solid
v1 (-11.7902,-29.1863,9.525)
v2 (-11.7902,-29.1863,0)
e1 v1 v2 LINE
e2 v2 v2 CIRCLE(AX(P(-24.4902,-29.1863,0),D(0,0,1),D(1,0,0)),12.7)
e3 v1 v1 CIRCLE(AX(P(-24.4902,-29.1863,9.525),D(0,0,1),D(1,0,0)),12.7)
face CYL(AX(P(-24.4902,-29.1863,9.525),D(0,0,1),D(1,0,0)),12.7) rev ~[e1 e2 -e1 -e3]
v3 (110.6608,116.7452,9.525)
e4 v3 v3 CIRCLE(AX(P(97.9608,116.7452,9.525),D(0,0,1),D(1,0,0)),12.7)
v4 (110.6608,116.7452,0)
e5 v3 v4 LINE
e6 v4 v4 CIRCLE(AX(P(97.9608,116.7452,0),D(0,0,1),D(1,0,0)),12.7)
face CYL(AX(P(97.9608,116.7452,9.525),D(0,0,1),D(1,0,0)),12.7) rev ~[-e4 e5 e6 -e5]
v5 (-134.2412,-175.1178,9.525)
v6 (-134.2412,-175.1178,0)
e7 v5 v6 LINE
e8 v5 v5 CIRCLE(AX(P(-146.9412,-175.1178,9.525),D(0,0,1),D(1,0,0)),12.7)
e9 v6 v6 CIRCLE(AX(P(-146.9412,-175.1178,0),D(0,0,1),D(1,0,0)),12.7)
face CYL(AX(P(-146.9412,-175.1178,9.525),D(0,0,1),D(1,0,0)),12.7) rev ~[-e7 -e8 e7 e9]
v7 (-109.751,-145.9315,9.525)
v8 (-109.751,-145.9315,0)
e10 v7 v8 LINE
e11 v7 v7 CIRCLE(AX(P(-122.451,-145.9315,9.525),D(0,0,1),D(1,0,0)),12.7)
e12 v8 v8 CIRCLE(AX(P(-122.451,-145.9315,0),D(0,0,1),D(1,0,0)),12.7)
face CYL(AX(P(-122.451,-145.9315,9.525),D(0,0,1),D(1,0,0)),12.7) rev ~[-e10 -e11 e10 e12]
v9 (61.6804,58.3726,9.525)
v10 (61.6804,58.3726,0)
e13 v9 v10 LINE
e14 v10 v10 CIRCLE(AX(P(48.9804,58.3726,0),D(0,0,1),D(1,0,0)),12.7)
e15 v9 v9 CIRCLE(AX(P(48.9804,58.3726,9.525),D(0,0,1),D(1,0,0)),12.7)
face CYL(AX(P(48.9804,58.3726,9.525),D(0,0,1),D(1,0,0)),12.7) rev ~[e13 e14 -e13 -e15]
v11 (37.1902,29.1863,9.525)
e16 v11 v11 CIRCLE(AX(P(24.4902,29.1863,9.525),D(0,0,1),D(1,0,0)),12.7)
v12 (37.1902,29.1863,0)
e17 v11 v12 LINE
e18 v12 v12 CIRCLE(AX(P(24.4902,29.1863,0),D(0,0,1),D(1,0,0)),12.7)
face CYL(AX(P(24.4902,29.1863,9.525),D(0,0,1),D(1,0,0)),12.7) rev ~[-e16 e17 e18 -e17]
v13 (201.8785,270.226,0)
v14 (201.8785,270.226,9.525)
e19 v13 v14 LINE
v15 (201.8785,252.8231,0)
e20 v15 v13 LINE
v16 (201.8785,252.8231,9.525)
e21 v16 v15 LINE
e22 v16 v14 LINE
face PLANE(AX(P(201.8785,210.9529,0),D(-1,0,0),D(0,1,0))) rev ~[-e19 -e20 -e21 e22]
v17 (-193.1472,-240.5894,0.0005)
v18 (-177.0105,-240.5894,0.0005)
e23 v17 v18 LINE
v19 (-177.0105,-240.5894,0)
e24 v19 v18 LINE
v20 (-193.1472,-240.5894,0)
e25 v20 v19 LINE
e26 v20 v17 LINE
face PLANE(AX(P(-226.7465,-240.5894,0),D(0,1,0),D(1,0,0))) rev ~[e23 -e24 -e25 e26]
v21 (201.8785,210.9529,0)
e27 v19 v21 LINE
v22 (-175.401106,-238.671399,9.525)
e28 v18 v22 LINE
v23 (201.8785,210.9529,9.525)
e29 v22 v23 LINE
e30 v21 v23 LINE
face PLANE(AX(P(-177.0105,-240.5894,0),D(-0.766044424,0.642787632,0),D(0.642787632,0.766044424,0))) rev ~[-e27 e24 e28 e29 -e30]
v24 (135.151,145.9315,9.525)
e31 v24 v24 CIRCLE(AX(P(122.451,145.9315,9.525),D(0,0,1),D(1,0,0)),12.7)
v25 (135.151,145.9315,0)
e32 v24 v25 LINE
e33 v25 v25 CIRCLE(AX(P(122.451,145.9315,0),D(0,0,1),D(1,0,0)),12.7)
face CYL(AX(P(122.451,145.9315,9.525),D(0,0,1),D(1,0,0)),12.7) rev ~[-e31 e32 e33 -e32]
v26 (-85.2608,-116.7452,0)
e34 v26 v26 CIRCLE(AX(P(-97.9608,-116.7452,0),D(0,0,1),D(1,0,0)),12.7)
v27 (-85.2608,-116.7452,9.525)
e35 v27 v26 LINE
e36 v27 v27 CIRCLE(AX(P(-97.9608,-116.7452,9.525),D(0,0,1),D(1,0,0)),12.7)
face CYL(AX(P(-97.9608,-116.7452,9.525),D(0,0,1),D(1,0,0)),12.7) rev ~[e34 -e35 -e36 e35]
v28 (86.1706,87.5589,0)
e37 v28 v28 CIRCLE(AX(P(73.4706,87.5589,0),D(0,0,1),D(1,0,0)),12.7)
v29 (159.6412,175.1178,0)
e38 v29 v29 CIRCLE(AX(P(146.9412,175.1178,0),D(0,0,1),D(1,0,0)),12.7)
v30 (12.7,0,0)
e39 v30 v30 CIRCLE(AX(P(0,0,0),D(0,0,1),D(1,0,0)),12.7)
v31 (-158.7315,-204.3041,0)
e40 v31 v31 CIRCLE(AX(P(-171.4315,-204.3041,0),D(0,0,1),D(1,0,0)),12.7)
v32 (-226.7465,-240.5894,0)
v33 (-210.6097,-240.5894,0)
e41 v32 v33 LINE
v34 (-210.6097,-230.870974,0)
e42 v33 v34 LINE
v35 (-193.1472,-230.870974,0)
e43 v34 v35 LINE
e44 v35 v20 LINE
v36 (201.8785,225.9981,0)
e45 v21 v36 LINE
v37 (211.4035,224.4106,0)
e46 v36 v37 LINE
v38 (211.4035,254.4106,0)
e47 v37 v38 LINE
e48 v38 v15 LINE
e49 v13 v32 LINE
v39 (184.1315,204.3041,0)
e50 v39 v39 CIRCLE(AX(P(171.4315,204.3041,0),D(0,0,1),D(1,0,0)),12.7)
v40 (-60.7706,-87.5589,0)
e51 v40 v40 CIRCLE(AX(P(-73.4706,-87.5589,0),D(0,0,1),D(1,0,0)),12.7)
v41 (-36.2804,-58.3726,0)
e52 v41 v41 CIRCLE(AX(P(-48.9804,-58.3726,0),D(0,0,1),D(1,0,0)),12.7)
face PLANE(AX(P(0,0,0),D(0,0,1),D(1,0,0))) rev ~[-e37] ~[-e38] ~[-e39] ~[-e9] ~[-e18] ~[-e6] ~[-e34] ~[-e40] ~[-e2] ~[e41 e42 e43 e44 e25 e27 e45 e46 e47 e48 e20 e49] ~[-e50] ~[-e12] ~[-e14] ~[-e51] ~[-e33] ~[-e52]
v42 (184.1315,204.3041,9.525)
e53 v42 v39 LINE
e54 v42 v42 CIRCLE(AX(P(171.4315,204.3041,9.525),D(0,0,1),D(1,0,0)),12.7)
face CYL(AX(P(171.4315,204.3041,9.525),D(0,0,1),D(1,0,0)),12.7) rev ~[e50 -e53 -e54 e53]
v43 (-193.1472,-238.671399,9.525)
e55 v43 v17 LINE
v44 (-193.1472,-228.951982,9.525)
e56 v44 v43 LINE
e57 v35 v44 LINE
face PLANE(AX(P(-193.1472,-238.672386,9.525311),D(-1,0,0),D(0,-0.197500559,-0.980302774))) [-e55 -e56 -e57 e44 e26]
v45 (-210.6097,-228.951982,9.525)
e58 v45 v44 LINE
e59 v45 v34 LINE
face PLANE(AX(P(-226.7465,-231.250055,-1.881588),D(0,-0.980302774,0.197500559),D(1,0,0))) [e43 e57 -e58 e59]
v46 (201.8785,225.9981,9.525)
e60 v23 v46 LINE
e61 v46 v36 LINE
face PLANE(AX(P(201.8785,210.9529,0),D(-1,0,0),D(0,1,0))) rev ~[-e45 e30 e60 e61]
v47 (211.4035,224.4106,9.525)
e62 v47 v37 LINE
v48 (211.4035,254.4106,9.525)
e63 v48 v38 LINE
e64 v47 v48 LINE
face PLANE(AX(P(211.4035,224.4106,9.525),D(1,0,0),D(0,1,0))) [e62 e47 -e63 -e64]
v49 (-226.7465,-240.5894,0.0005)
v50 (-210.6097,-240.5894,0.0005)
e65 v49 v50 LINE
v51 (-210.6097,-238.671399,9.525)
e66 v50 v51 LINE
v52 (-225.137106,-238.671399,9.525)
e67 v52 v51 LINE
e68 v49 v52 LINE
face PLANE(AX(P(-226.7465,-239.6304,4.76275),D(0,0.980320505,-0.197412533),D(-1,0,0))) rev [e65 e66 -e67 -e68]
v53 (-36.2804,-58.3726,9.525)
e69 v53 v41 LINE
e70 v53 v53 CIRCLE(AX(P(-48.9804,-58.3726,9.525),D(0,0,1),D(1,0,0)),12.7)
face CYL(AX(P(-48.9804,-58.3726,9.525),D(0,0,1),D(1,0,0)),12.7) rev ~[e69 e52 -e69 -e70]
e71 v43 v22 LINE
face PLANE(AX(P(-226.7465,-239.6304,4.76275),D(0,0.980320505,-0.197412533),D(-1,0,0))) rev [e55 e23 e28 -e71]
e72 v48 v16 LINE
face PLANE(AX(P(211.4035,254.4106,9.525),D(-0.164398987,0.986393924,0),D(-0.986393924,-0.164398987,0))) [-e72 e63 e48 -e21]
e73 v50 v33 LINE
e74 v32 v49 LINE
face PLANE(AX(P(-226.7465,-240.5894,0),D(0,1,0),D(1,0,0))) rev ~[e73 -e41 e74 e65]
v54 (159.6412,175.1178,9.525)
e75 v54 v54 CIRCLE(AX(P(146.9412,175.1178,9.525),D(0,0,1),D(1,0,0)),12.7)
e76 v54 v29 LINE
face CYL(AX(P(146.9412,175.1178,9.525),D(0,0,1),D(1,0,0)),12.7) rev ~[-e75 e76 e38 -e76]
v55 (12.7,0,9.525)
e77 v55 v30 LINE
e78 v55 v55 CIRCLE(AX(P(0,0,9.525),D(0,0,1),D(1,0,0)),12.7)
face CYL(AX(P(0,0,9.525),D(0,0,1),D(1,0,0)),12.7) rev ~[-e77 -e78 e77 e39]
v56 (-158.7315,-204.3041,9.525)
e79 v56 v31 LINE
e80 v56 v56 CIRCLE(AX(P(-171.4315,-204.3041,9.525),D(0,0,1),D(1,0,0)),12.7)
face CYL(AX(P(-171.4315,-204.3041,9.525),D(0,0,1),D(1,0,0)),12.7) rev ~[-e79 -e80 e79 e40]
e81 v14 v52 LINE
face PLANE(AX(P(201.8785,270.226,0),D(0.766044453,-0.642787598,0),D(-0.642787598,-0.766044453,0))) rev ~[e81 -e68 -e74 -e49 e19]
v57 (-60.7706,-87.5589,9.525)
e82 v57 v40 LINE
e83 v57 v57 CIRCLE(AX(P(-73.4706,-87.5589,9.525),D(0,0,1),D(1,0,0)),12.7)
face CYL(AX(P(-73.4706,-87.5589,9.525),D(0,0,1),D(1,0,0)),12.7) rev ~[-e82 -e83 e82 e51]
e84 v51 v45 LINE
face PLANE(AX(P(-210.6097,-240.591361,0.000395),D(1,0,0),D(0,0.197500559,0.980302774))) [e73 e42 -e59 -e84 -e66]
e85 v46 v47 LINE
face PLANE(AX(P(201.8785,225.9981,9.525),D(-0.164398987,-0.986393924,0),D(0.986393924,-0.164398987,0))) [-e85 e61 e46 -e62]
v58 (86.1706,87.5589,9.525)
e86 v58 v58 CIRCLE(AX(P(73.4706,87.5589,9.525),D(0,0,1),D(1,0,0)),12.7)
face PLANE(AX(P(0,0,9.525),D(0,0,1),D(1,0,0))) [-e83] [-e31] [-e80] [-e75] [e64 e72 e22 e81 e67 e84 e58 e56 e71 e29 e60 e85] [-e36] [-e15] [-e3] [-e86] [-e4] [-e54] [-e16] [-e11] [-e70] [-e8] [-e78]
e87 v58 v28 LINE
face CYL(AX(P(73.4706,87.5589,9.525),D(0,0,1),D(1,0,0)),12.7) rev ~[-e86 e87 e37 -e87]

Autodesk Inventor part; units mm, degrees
ref_plane "YZ Plane" through (0, 0, 0) normal (1, 0, 0) x (0, 1, 0)
ref_plane "XZ Plane" through (0, 0, 0) normal (0, 1, 0) x (-1, 0, 0)
ref_plane "XY Plane" through (0, 0, 0) normal (0, 0, 1) x (1, 0, 0)
sketch "Sketch1" plane through (0, 0, 0) normal (0, 0, 1) x (1, 0, 0)
  line L0 (201.8785, 270.226) -> (-226.7465, -240.5894)
  line L1 (-226.7465, -240.5894) -> (-177.0105, -240.5894)
  line L2 (-177.0105, -240.5894) -> (201.8785, 210.9529)
  line L3 (201.8785, 210.9529) -> (201.8785, 270.226)
  line L4 (-12.434, 14.8183) -> (12.434, -14.8183) construction
  point P0 (0, 0)
  point P1 (0, 0)
  dimension "d0" = 50
  dimension "d1" = 38.1
  dimension "d2" = 428.625
extrude "Extrusion1" add sketch "Sketch1" along normal blind 9.525
sketch "Sketch2" plane through (0, 0, 9.525) normal (0, 0, 1) x (1, 0, 0)
  line L0 (201.8785, 210.9529) -> (201.8785, 270.226) projected
  line L1 (201.8785, 225.9981) -> (211.4035, 224.4106)
  line L2 (211.4035, 224.4106) -> (211.4035, 254.4106)
  line L3 (211.4035, 254.4106) -> (201.8785, 252.8231)
  line L4 (-226.7465, -240.5894) -> (-177.0105, -240.5894) projected
  point P0 (0, 0)
  point P1 (211.4035, 239.4106)
  dimension "d5" = 480
  dimension "d6" = 9.525
  dimension "d8" = 1.5875
  dimension "d9" = 30
extrude "Extrusion2" add sketch "Sketch2" against normal up to surface (9.525 mm away)
sketch "Sketch3" plane through (0, 0, 9.525) normal (0, 0, 1) x (1, 0, 0)
  circle A0 centre (0, 0) radius 12.7
  line L0 (201.8785, 270.226) -> (-226.7465, -240.5894) projected
  circle A1 centre (-24.4902, -29.1863) radius 12.7
  circle A2 centre (-48.9804, -58.3726) radius 12.7
  circle A3 centre (-73.4706, -87.5589) radius 12.7
  circle A4 centre (-97.9608, -116.7452) radius 12.7
  circle A5 centre (-122.451, -145.9315) radius 12.7
  circle A6 centre (-146.9412, -175.1178) radius 12.7
  circle A7 centre (-171.4315, -204.3041) radius 12.7
  circle A8 centre (24.4902, 29.1863) radius 12.7
  circle A9 centre (0, 0) radius 12.7
  circle A10 centre (-24.4902, -29.1863) radius 12.7
  circle A11 centre (-48.9804, -58.3726) radius 12.7
  circle A12 centre (-73.4706, -87.5589) radius 12.7
  circle A13 centre (-97.9608, -116.7452) radius 12.7
  circle A14 centre (-122.451, -145.9315) radius 12.7
  circle A15 centre (-146.9412, -175.1178) radius 12.7
  circle A16 centre (48.9804, 58.3726) radius 12.7
  circle A17 centre (24.4902, 29.1863) radius 12.7
  circle A18 centre (0, 0) radius 12.7
  circle A19 centre (-24.4902, -29.1863) radius 12.7
  circle A20 centre (-48.9804, -58.3726) radius 12.7
  circle A21 centre (-73.4706, -87.5589) radius 12.7
  circle A22 centre (-97.9608, -116.7452) radius 12.7
  circle A23 centre (-122.451, -145.9315) radius 12.7
  circle A24 centre (73.4706, 87.5589) radius 12.7
  circle A25 centre (48.9804, 58.3726) radius 12.7
  circle A26 centre (24.4902, 29.1863) radius 12.7
  circle A27 centre (0, 0) radius 12.7
  circle A28 centre (-24.4902, -29.1863) radius 12.7
  circle A29 centre (-48.9804, -58.3726) radius 12.7
  circle A30 centre (-73.4706, -87.5589) radius 12.7
  circle A31 centre (-97.9608, -116.7452) radius 12.7
  circle A32 centre (97.9608, 116.7452) radius 12.7
  circle A33 centre (73.4706, 87.5589) radius 12.7
  circle A34 centre (48.9804, 58.3726) radius 12.7
  circle A35 centre (24.4902, 29.1863) radius 12.7
  circle A36 centre (0, 0) radius 12.7
  circle A37 centre (-24.4902, -29.1863) radius 12.7
  circle A38 centre (-48.9804, -58.3726) radius 12.7
  circle A39 centre (-73.4706, -87.5589) radius 12.7
  circle A40 centre (122.451, 145.9315) radius 12.7
  circle A41 centre (97.9608, 116.7452) radius 12.7
  circle A42 centre (73.4706, 87.5589) radius 12.7
  circle A43 centre (48.9804, 58.3726) radius 12.7
  circle A44 centre (24.4902, 29.1863) radius 12.7
  circle A45 centre (0, 0) radius 12.7
  circle A46 centre (-24.4902, -29.1863) radius 12.7
  circle A47 centre (-48.9804, -58.3726) radius 12.7
  circle A48 centre (146.9412, 175.1178) radius 12.7
  circle A49 centre (122.451, 145.9315) radius 12.7
  circle A50 centre (97.9608, 116.7452) radius 12.7
  circle A51 centre (73.4706, 87.5589) radius 12.7
  circle A52 centre (48.9804, 58.3726) radius 12.7
  circle A53 centre (24.4902, 29.1863) radius 12.7
  circle A54 centre (0, 0) radius 12.7
  circle A55 centre (-24.4902, -29.1863) radius 12.7
  circle A56 centre (171.4315, 204.3041) radius 12.7
  circle A57 centre (146.9412, 175.1178) radius 12.7
  circle A58 centre (122.451, 145.9315) radius 12.7
  circle A59 centre (97.9608, 116.7452) radius 12.7
  circle A60 centre (73.4706, 87.5589) radius 12.7
  circle A61 centre (48.9804, 58.3726) radius 12.7
  circle A62 centre (24.4902, 29.1863) radius 12.7
  circle A63 centre (0, 0) radius 12.7
  dimension "d12" = 25.4
  dimension "d15" = 38.1
  dimension "d18" = 38.1
extrude "Extrusion3" cut sketch "Sketch3" against normal through all
chamfer "Chamfer1" distance 9.525 angle 11.388 1 edges at (-201.8785, -240.5894, 9.525) measured on face at (-210.1678, -240.5894, 3.175)
sketch "Sketch4" plane through (-226.7465, -240.5894, 0) normal (0, -0.9803, 0.1975) x (1, 0, 0)
  line L0 (33.5993, 0) -> (16.1368, 0)
  line L1 (16.1368, 0) -> (16.1368, 17.2439)
  line L2 (16.1368, 17.2439) -> (33.5993, 17.2439)
  line L3 (33.5993, 17.2439) -> (33.5993, 0)
  line L4 (51.3458, 9.7163) -> (1.6098, 9.7163) projected
  line L5 (51.3458, 9.7163) -> (428.625, 98.4954) projected
  line L6 (428.625, 98.4954) -> (428.625, 101.4661) projected
  line L7 (428.625, 101.4661) -> (438.15, 101.1527) projected
  line L8 (438.15, 101.1527) -> (438.15, 107.0762) projected
  line L9 (438.15, 107.0762) -> (428.625, 106.7628) projected
  line L10 (428.625, 106.7628) -> (428.625, 110.199) projected
  line L11 (428.625, 110.199) -> (1.6098, 9.7163) projected
  ellipse E0 centre (202.2563, 51.0795) end of major axis (214.9563, 51.0795) minor radius 2.5076 projected
  ellipse E1 centre (128.7857, 33.7908) end of major axis (141.4857, 33.7908) minor radius 2.5076 projected
  ellipse E2 centre (55.315, 16.5021) end of major axis (68.015, 16.5021) minor radius 2.5076 projected
  ellipse E3 centre (79.8053, 22.265) end of major axis (92.5053, 22.265) minor radius 2.5076 projected
  ellipse E4 centre (373.6878, 91.4197) end of major axis (386.3878, 91.4197) minor radius 2.5076 projected
  ellipse E5 centre (251.2367, 62.6052) end of major axis (263.9367, 62.6052) minor radius 2.5076 projected
  ellipse E6 centre (300.2171, 74.131) end of major axis (312.9171, 74.131) minor radius 2.5076 projected
  ellipse E7 centre (177.7661, 45.3166) end of major axis (190.4661, 45.3166) minor radius 2.5076 projected
  ellipse E8 centre (153.2759, 39.5537) end of major axis (165.9759, 39.5537) minor radius 2.5076 projected
  ellipse E9 centre (275.7269, 68.3681) end of major axis (288.4269, 68.3681) minor radius 2.5076 projected
  ellipse E10 centre (324.7073, 79.8939) end of major axis (337.4073, 79.8939) minor radius 2.5076 projected
  ellipse E11 centre (226.7465, 56.8423) end of major axis (239.4465, 56.8423) minor radius 2.5076 projected
  ellipse E12 centre (398.178, 97.1826) end of major axis (410.878, 97.1826) minor radius 2.5076 projected
  ellipse E13 centre (104.2955, 28.0279) end of major axis (116.9955, 28.0279) minor radius 2.5076 projected
  ellipse E14 centre (349.1975, 85.6568) end of major axis (361.8975, 85.6568) minor radius 2.5076 projected
  line L12 (0, 0) -> (49.736, 0) projected
  point P0 (226.7465, 47.5049)
  point P1 (24.868, 0)
  point P2 (16.1368, 13.1347)
  dimension "d26" = 17.4625
extrude "Extrusion4" cut sketch "Sketch4" against normal blind 9.525 contours L0 L1 L4 L3 | L4 L1 L11 L3
equation "\"d8\" = 0.166667 * d6"
properties part number "SUPPORTS_TREBUCHET" material "Wood (Birch)"
